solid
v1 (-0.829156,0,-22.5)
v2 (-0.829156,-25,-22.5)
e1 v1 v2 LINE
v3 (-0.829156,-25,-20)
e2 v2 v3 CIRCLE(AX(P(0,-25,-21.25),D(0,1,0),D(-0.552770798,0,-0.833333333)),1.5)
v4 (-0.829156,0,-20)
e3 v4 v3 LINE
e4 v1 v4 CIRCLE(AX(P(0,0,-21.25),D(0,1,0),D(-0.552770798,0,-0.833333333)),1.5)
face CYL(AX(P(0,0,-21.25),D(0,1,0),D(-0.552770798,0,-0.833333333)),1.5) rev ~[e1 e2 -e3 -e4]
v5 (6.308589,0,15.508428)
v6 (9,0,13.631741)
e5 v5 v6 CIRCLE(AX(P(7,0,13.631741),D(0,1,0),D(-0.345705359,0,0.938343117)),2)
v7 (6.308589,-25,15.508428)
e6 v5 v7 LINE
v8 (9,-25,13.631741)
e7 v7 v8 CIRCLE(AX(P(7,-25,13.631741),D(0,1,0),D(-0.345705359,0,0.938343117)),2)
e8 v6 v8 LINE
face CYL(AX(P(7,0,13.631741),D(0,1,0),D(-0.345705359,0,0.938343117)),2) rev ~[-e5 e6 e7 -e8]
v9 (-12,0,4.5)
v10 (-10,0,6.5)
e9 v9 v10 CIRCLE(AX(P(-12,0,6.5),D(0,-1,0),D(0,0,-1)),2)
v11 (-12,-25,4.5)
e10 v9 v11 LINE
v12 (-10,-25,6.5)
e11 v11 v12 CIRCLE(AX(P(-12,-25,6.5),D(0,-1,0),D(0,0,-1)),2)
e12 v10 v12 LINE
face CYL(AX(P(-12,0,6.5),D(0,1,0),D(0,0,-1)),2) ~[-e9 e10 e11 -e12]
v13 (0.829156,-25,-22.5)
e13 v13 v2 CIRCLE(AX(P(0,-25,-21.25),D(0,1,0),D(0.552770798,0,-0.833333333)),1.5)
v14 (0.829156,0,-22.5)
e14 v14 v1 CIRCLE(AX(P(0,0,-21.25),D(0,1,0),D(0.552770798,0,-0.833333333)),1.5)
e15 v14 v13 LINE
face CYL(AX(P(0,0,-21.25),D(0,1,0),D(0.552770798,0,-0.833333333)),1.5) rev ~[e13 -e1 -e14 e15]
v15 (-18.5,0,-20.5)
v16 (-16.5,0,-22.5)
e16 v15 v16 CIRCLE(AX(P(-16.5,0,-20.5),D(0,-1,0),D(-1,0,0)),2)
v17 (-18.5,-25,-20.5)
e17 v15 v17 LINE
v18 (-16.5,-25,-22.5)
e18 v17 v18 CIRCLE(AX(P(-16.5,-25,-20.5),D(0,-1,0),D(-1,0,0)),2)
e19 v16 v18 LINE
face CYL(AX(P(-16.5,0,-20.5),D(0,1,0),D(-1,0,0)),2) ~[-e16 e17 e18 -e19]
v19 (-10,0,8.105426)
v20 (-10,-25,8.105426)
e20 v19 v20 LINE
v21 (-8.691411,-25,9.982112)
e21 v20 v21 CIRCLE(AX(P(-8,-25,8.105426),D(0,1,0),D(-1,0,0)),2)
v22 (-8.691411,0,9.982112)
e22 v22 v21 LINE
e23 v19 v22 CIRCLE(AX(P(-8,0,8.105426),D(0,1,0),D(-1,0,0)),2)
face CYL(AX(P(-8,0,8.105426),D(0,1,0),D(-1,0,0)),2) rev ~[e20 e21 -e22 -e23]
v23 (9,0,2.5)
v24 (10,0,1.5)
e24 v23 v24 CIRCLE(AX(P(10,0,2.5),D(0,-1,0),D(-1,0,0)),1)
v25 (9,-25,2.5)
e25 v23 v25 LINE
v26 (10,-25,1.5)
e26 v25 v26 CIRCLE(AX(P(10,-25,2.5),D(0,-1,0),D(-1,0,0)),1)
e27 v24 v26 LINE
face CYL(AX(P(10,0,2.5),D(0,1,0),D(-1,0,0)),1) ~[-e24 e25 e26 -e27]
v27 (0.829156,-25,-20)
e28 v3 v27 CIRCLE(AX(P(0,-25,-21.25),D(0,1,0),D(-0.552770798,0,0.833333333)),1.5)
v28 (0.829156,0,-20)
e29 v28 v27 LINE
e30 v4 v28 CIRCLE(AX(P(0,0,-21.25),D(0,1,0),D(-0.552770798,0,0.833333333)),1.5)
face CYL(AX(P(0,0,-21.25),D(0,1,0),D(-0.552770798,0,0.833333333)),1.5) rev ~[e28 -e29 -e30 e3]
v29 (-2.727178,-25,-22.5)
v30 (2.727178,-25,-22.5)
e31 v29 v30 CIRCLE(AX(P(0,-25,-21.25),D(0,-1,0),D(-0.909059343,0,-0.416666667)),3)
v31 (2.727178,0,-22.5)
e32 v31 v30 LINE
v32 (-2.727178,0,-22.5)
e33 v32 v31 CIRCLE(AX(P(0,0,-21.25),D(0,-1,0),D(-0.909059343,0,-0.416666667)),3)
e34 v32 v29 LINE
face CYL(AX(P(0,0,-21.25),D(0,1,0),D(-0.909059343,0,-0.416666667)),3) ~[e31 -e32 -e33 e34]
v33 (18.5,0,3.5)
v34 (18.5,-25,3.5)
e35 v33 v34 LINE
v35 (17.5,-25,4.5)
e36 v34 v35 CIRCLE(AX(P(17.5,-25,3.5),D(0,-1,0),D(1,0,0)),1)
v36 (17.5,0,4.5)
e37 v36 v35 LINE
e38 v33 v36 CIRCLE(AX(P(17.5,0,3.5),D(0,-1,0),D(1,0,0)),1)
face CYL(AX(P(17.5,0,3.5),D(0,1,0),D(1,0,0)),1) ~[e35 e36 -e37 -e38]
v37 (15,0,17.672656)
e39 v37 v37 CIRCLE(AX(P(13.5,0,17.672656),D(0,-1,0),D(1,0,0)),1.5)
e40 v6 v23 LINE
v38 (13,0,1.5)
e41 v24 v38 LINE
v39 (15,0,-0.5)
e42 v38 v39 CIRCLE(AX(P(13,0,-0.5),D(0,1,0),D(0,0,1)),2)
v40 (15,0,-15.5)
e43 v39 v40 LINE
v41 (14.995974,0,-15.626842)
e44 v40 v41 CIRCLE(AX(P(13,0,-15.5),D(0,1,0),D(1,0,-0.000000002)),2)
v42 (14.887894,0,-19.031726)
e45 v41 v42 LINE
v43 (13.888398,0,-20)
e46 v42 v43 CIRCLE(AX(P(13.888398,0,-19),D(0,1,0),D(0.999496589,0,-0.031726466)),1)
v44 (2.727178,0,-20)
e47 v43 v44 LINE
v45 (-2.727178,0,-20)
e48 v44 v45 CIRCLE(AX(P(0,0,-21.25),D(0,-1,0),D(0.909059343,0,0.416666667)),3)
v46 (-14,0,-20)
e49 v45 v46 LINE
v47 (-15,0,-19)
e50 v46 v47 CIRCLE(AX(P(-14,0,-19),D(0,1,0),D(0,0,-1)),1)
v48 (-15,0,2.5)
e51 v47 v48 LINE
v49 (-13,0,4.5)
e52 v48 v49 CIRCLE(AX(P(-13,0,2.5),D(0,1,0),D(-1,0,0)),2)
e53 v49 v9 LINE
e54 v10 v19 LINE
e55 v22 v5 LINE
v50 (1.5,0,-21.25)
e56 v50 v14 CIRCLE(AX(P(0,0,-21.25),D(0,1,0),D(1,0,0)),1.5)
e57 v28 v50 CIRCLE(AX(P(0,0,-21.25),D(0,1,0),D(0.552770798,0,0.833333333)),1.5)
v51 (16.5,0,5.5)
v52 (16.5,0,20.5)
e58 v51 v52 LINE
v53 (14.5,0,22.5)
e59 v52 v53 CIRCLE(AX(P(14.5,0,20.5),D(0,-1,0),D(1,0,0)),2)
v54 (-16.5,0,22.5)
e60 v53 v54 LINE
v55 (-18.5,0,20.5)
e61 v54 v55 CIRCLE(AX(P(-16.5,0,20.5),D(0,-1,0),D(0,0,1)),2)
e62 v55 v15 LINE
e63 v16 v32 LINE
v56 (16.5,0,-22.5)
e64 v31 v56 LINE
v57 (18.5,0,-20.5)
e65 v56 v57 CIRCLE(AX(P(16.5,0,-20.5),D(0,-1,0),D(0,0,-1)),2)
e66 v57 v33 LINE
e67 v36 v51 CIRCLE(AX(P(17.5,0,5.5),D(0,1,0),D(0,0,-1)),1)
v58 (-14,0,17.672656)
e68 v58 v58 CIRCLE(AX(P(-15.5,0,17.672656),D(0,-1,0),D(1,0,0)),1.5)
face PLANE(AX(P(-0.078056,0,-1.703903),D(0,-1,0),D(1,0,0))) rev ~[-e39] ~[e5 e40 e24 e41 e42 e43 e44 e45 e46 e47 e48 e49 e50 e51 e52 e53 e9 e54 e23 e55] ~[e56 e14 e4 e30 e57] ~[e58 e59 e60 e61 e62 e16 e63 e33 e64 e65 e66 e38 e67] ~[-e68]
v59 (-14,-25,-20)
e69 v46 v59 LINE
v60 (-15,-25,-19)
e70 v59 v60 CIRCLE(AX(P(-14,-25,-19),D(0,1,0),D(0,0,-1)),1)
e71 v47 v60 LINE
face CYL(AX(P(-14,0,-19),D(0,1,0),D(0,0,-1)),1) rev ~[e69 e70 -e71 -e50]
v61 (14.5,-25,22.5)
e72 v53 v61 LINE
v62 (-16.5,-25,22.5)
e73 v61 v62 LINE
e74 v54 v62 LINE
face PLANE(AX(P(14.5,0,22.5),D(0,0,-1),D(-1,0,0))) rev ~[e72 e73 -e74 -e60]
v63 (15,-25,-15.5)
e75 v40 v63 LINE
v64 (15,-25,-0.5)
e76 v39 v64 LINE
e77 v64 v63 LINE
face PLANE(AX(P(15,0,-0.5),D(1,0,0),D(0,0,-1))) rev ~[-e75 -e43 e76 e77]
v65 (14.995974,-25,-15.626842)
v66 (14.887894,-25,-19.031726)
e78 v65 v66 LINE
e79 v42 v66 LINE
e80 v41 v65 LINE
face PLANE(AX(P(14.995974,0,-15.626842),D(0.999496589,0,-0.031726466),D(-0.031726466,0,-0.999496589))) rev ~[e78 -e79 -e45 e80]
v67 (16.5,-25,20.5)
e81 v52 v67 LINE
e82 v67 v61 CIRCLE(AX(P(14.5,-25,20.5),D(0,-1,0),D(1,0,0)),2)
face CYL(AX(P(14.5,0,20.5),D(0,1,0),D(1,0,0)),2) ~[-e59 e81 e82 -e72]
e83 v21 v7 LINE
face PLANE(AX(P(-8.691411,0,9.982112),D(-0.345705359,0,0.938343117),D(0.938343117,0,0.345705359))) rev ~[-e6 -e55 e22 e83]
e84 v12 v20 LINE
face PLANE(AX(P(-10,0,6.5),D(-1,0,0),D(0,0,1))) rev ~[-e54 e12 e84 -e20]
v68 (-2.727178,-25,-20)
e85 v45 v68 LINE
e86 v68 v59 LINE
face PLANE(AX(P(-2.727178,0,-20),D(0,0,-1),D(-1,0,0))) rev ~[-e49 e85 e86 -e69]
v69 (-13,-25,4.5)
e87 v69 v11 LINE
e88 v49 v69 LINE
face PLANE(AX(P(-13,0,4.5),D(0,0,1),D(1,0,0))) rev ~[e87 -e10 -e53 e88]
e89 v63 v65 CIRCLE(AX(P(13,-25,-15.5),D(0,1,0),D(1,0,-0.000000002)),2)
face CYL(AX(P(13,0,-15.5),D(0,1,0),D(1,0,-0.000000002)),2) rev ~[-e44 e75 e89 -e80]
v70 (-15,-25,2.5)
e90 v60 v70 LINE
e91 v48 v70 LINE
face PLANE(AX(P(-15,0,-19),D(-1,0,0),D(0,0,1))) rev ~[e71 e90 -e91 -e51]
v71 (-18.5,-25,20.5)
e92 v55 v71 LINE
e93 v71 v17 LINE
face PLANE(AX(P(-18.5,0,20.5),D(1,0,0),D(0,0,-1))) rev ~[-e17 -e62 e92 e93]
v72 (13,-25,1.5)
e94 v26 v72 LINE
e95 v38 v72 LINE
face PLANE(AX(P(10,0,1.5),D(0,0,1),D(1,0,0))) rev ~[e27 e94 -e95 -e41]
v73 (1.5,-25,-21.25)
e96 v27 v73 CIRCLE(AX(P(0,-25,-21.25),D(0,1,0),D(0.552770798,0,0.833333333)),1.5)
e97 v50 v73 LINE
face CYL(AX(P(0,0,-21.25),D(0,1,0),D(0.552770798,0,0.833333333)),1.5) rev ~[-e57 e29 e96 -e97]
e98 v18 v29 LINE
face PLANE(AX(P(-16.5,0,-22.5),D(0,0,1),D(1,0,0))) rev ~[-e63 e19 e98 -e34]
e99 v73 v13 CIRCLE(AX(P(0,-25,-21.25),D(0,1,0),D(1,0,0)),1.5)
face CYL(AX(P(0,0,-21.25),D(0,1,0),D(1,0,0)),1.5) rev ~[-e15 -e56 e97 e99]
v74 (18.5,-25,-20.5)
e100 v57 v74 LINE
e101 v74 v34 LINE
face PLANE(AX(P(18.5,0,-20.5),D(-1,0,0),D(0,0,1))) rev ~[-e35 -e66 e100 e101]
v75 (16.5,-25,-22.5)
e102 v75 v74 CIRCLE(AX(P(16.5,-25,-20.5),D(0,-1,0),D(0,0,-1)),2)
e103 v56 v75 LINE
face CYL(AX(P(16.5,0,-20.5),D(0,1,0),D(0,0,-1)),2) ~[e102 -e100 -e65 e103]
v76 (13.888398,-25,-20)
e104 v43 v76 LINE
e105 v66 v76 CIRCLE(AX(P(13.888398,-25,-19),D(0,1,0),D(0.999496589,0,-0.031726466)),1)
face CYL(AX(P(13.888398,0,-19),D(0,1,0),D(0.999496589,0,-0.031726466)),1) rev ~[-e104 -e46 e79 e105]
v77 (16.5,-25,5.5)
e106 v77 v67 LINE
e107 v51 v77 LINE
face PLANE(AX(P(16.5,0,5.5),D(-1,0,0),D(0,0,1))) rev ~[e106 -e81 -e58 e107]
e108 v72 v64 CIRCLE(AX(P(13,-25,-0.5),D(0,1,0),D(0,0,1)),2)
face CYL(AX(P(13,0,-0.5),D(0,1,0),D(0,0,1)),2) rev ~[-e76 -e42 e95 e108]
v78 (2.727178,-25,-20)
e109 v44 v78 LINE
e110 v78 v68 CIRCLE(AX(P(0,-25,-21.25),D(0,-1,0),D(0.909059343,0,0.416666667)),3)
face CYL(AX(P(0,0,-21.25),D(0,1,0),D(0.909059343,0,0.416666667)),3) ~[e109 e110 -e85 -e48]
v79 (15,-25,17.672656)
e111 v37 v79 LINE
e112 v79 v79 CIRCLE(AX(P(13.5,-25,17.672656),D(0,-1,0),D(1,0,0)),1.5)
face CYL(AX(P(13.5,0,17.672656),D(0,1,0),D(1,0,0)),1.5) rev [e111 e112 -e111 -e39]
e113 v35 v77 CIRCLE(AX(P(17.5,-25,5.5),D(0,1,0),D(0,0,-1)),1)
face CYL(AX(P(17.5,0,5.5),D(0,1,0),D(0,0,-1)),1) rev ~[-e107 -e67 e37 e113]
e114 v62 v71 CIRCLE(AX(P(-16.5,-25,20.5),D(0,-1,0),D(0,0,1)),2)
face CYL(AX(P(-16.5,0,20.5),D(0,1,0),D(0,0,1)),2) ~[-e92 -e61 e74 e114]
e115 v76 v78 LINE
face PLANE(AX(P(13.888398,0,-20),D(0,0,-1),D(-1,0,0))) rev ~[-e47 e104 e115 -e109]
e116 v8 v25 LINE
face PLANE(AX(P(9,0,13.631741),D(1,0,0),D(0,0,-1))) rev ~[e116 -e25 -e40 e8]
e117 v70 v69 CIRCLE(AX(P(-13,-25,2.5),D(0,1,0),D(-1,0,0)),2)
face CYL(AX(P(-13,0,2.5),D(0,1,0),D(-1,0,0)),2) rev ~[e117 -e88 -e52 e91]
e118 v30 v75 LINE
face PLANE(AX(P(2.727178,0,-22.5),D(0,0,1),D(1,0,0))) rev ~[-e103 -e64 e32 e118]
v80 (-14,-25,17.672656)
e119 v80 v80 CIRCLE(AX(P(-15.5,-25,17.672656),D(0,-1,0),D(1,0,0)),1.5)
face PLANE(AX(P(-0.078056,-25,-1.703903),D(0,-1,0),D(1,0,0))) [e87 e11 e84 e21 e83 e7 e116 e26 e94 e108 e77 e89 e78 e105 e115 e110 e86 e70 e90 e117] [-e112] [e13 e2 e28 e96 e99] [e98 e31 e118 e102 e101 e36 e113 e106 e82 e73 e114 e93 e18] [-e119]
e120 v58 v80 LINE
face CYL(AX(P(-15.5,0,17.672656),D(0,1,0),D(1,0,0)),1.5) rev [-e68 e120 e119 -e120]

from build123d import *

# Parameters (mm, degrees)
F0_R     = 3
F0_R_2   = 1.5
F1_DEPTH = 25


with BuildPart() as f1:
    # F0 (on Front) → F1 (new body)
    with BuildSketch(Plane.XZ):
        with BuildLine():
            Line((14.5, 22.5), (-16.5, 22.5))
            ThreePointArc((-16.5, 22.5), (-17.9142135624, 21.9142135624), (-18.5, 20.5))
            Line((-18.5, 20.5), (-18.5, 17.6726558901))
            Line((-18.5, 17.6726558901), (-18.5, -20.5))
            ThreePointArc((-18.5, -20.5), (-17.9142135624, -21.9142135624), (-16.5, -22.5))
            Line((-16.5, -22.5), (-2.7271780287, -22.5))
            ThreePointArc((-2.7271780287, -22.5), (-3, -21.25), (-2.7271780287, -20))
            Line((-2.7271780287, -20), (-14, -20))
            ThreePointArc((-14, -20), (-14.7071067812, -19.7071067812), (-15, -19))
            Line((-15, -19), (-15, -15.5))
            Line((-15, -15.5), (-15, 2.5))
            ThreePointArc((-15, 2.5), (-14.4142135624, 3.9142135624), (-13, 4.5))
            Line((-13, 4.5), (-12, 4.5))
            ThreePointArc((-12, 4.5), (-10.5857864376, 5.0857864376), (-10, 6.5))
            Line((-10, 6.5), (-10, 8.1054256072))
            ThreePointArc((-10, 8.1054256072), (-9.6405519552, 9.2493614806), (-8.6914107177, 9.9821118409))
            Line((-8.6914107177, 9.9821118409), (6.3085892823, 15.5084276303))
            ThreePointArc((6.3085892823, 15.5084276303), (8.1439358734, 15.2722933519), (9, 13.6317413967))
            Line((9, 13.6317413967), (9, 2.5))
            ThreePointArc((9, 2.5), (9.2928932188, 1.7928932188), (10, 1.5))
            Line((10, 1.5), (13, 1.5))
            ThreePointArc((13, 1.5), (14.4142135624, 0.9142135624), (15, -0.5))
            Line((15, -0.5), (15, -15.5))
            ThreePointArc((15, -15.5), (14.9989931779, -15.5634529316), (14.9959737255, -15.6268419774))
            Line((14.9959737255, -15.6268419774), (14.8878943659, -19.0317264658))
            ThreePointArc((14.8878943659, -19.0317264658), (14.5841971496, -19.7182361958), (13.8883977769, -20))
            Line((13.8883977769, -20), (2.7271780287, -20))
            ThreePointArc((2.7271780287, -20), (2.9310010309, -20.6102868166), (3, -21.25))
            ThreePointArc((3, -21.25), (2.9310010309, -21.8897131834), (2.7271780287, -22.5))
            Line((2.7271780287, -22.5), (16.5, -22.5))
            ThreePointArc((16.5, -22.5), (17.9142135624, -21.9142135624), (18.5, -20.5))
            Line((18.5, -20.5), (18.5, 3.5))
            ThreePointArc((18.5, 3.5), (18.2071067812, 4.2071067812), (17.5, 4.5))
            ThreePointArc((17.5, 4.5), (16.7928932188, 4.7928932188), (16.5, 5.5))
            Line((16.5, 5.5), (16.5, 17.6726558901))
            Line((16.5, 17.6726558901), (16.5, 20.5))
            ThreePointArc((16.5, 20.5), (15.9142135624, 21.9142135624), (14.5, 22.5))
        make_face()
        with BuildLine():
            ThreePointArc((-12.5, 17.6726558901), (-15.5, 14.6726558901), (-18.5, 17.6726558901))
            ThreePointArc((-18.5, 17.6726558901), (-15.5, 20.6726558901), (-12.5, 17.6726558901))
        make_face(mode=Mode.SUBTRACT)
        with Locations((13.5, 17.6726558901)):
            Circle(F0_R, mode=Mode.SUBTRACT)
        with BuildLine():
            ThreePointArc((-2.7271780287, -20), (-3, -21.25), (-2.7271780287, -22.5))
            Line((-2.7271780287, -22.5), (-0.8291561976, -22.5))
            ThreePointArc((-0.8291561976, -22.5), (-1.5, -21.25), (-0.8291561976, -20))
            Line((-0.8291561976, -20), (-2.7271780287, -20))
        make_face()
        with BuildLine():
            Line((-0.8291561976, -22.5), (-2.7271780287, -22.5))
            ThreePointArc((-2.7271780287, -22.5), (0, -24.25), (2.7271780287, -22.5))
            Line((2.7271780287, -22.5), (0.8291561976, -22.5))
            ThreePointArc((0.8291561976, -22.5), (0, -22.75), (-0.8291561976, -22.5))
        make_face()
        with BuildLine():
            Line((0.8291561976, -22.5), (2.7271780287, -22.5))
            ThreePointArc((2.7271780287, -22.5), (2.9310010309, -21.8897131834), (3, -21.25))
            ThreePointArc((3, -21.25), (2.9310010309, -20.6102868166), (2.7271780287, -20))
            Line((2.7271780287, -20), (0.8291561976, -20))
            ThreePointArc((0.8291561976, -20), (1.3216910184, -20.5406814173), (1.5, -21.25))
            ThreePointArc((1.5, -21.25), (1.3216910184, -21.9593185827), (0.8291561976, -22.5))
        make_face()
        with BuildLine():
            ThreePointArc((2.7271780287, -20), (0, -18.25), (-2.7271780287, -20))
            Line((-2.7271780287, -20), (-0.8291561976, -20))
            ThreePointArc((-0.8291561976, -20), (0, -19.75), (0.8291561976, -20))
            Line((0.8291561976, -20), (2.7271780287, -20))
        make_face()
        with BuildLine():
            ThreePointArc((-12.5, 17.6726558901), (-15.5, 20.6726558901), (-18.5, 17.6726558901))
            ThreePointArc((-18.5, 17.6726558901), (-15.5, 14.6726558901), (-12.5, 17.6726558901))
        make_face()
        with Locations((-15.5, 17.6726558901)):
            Circle(F0_R_2, mode=Mode.SUBTRACT)
        with Locations((13.5, 17.6726558901)):
            Circle(F0_R)
        with Locations((13.5, 17.6726558901)):
            Circle(F0_R_2, mode=Mode.SUBTRACT)
    extrude(amount=F1_DEPTH)


solid = f1.part
